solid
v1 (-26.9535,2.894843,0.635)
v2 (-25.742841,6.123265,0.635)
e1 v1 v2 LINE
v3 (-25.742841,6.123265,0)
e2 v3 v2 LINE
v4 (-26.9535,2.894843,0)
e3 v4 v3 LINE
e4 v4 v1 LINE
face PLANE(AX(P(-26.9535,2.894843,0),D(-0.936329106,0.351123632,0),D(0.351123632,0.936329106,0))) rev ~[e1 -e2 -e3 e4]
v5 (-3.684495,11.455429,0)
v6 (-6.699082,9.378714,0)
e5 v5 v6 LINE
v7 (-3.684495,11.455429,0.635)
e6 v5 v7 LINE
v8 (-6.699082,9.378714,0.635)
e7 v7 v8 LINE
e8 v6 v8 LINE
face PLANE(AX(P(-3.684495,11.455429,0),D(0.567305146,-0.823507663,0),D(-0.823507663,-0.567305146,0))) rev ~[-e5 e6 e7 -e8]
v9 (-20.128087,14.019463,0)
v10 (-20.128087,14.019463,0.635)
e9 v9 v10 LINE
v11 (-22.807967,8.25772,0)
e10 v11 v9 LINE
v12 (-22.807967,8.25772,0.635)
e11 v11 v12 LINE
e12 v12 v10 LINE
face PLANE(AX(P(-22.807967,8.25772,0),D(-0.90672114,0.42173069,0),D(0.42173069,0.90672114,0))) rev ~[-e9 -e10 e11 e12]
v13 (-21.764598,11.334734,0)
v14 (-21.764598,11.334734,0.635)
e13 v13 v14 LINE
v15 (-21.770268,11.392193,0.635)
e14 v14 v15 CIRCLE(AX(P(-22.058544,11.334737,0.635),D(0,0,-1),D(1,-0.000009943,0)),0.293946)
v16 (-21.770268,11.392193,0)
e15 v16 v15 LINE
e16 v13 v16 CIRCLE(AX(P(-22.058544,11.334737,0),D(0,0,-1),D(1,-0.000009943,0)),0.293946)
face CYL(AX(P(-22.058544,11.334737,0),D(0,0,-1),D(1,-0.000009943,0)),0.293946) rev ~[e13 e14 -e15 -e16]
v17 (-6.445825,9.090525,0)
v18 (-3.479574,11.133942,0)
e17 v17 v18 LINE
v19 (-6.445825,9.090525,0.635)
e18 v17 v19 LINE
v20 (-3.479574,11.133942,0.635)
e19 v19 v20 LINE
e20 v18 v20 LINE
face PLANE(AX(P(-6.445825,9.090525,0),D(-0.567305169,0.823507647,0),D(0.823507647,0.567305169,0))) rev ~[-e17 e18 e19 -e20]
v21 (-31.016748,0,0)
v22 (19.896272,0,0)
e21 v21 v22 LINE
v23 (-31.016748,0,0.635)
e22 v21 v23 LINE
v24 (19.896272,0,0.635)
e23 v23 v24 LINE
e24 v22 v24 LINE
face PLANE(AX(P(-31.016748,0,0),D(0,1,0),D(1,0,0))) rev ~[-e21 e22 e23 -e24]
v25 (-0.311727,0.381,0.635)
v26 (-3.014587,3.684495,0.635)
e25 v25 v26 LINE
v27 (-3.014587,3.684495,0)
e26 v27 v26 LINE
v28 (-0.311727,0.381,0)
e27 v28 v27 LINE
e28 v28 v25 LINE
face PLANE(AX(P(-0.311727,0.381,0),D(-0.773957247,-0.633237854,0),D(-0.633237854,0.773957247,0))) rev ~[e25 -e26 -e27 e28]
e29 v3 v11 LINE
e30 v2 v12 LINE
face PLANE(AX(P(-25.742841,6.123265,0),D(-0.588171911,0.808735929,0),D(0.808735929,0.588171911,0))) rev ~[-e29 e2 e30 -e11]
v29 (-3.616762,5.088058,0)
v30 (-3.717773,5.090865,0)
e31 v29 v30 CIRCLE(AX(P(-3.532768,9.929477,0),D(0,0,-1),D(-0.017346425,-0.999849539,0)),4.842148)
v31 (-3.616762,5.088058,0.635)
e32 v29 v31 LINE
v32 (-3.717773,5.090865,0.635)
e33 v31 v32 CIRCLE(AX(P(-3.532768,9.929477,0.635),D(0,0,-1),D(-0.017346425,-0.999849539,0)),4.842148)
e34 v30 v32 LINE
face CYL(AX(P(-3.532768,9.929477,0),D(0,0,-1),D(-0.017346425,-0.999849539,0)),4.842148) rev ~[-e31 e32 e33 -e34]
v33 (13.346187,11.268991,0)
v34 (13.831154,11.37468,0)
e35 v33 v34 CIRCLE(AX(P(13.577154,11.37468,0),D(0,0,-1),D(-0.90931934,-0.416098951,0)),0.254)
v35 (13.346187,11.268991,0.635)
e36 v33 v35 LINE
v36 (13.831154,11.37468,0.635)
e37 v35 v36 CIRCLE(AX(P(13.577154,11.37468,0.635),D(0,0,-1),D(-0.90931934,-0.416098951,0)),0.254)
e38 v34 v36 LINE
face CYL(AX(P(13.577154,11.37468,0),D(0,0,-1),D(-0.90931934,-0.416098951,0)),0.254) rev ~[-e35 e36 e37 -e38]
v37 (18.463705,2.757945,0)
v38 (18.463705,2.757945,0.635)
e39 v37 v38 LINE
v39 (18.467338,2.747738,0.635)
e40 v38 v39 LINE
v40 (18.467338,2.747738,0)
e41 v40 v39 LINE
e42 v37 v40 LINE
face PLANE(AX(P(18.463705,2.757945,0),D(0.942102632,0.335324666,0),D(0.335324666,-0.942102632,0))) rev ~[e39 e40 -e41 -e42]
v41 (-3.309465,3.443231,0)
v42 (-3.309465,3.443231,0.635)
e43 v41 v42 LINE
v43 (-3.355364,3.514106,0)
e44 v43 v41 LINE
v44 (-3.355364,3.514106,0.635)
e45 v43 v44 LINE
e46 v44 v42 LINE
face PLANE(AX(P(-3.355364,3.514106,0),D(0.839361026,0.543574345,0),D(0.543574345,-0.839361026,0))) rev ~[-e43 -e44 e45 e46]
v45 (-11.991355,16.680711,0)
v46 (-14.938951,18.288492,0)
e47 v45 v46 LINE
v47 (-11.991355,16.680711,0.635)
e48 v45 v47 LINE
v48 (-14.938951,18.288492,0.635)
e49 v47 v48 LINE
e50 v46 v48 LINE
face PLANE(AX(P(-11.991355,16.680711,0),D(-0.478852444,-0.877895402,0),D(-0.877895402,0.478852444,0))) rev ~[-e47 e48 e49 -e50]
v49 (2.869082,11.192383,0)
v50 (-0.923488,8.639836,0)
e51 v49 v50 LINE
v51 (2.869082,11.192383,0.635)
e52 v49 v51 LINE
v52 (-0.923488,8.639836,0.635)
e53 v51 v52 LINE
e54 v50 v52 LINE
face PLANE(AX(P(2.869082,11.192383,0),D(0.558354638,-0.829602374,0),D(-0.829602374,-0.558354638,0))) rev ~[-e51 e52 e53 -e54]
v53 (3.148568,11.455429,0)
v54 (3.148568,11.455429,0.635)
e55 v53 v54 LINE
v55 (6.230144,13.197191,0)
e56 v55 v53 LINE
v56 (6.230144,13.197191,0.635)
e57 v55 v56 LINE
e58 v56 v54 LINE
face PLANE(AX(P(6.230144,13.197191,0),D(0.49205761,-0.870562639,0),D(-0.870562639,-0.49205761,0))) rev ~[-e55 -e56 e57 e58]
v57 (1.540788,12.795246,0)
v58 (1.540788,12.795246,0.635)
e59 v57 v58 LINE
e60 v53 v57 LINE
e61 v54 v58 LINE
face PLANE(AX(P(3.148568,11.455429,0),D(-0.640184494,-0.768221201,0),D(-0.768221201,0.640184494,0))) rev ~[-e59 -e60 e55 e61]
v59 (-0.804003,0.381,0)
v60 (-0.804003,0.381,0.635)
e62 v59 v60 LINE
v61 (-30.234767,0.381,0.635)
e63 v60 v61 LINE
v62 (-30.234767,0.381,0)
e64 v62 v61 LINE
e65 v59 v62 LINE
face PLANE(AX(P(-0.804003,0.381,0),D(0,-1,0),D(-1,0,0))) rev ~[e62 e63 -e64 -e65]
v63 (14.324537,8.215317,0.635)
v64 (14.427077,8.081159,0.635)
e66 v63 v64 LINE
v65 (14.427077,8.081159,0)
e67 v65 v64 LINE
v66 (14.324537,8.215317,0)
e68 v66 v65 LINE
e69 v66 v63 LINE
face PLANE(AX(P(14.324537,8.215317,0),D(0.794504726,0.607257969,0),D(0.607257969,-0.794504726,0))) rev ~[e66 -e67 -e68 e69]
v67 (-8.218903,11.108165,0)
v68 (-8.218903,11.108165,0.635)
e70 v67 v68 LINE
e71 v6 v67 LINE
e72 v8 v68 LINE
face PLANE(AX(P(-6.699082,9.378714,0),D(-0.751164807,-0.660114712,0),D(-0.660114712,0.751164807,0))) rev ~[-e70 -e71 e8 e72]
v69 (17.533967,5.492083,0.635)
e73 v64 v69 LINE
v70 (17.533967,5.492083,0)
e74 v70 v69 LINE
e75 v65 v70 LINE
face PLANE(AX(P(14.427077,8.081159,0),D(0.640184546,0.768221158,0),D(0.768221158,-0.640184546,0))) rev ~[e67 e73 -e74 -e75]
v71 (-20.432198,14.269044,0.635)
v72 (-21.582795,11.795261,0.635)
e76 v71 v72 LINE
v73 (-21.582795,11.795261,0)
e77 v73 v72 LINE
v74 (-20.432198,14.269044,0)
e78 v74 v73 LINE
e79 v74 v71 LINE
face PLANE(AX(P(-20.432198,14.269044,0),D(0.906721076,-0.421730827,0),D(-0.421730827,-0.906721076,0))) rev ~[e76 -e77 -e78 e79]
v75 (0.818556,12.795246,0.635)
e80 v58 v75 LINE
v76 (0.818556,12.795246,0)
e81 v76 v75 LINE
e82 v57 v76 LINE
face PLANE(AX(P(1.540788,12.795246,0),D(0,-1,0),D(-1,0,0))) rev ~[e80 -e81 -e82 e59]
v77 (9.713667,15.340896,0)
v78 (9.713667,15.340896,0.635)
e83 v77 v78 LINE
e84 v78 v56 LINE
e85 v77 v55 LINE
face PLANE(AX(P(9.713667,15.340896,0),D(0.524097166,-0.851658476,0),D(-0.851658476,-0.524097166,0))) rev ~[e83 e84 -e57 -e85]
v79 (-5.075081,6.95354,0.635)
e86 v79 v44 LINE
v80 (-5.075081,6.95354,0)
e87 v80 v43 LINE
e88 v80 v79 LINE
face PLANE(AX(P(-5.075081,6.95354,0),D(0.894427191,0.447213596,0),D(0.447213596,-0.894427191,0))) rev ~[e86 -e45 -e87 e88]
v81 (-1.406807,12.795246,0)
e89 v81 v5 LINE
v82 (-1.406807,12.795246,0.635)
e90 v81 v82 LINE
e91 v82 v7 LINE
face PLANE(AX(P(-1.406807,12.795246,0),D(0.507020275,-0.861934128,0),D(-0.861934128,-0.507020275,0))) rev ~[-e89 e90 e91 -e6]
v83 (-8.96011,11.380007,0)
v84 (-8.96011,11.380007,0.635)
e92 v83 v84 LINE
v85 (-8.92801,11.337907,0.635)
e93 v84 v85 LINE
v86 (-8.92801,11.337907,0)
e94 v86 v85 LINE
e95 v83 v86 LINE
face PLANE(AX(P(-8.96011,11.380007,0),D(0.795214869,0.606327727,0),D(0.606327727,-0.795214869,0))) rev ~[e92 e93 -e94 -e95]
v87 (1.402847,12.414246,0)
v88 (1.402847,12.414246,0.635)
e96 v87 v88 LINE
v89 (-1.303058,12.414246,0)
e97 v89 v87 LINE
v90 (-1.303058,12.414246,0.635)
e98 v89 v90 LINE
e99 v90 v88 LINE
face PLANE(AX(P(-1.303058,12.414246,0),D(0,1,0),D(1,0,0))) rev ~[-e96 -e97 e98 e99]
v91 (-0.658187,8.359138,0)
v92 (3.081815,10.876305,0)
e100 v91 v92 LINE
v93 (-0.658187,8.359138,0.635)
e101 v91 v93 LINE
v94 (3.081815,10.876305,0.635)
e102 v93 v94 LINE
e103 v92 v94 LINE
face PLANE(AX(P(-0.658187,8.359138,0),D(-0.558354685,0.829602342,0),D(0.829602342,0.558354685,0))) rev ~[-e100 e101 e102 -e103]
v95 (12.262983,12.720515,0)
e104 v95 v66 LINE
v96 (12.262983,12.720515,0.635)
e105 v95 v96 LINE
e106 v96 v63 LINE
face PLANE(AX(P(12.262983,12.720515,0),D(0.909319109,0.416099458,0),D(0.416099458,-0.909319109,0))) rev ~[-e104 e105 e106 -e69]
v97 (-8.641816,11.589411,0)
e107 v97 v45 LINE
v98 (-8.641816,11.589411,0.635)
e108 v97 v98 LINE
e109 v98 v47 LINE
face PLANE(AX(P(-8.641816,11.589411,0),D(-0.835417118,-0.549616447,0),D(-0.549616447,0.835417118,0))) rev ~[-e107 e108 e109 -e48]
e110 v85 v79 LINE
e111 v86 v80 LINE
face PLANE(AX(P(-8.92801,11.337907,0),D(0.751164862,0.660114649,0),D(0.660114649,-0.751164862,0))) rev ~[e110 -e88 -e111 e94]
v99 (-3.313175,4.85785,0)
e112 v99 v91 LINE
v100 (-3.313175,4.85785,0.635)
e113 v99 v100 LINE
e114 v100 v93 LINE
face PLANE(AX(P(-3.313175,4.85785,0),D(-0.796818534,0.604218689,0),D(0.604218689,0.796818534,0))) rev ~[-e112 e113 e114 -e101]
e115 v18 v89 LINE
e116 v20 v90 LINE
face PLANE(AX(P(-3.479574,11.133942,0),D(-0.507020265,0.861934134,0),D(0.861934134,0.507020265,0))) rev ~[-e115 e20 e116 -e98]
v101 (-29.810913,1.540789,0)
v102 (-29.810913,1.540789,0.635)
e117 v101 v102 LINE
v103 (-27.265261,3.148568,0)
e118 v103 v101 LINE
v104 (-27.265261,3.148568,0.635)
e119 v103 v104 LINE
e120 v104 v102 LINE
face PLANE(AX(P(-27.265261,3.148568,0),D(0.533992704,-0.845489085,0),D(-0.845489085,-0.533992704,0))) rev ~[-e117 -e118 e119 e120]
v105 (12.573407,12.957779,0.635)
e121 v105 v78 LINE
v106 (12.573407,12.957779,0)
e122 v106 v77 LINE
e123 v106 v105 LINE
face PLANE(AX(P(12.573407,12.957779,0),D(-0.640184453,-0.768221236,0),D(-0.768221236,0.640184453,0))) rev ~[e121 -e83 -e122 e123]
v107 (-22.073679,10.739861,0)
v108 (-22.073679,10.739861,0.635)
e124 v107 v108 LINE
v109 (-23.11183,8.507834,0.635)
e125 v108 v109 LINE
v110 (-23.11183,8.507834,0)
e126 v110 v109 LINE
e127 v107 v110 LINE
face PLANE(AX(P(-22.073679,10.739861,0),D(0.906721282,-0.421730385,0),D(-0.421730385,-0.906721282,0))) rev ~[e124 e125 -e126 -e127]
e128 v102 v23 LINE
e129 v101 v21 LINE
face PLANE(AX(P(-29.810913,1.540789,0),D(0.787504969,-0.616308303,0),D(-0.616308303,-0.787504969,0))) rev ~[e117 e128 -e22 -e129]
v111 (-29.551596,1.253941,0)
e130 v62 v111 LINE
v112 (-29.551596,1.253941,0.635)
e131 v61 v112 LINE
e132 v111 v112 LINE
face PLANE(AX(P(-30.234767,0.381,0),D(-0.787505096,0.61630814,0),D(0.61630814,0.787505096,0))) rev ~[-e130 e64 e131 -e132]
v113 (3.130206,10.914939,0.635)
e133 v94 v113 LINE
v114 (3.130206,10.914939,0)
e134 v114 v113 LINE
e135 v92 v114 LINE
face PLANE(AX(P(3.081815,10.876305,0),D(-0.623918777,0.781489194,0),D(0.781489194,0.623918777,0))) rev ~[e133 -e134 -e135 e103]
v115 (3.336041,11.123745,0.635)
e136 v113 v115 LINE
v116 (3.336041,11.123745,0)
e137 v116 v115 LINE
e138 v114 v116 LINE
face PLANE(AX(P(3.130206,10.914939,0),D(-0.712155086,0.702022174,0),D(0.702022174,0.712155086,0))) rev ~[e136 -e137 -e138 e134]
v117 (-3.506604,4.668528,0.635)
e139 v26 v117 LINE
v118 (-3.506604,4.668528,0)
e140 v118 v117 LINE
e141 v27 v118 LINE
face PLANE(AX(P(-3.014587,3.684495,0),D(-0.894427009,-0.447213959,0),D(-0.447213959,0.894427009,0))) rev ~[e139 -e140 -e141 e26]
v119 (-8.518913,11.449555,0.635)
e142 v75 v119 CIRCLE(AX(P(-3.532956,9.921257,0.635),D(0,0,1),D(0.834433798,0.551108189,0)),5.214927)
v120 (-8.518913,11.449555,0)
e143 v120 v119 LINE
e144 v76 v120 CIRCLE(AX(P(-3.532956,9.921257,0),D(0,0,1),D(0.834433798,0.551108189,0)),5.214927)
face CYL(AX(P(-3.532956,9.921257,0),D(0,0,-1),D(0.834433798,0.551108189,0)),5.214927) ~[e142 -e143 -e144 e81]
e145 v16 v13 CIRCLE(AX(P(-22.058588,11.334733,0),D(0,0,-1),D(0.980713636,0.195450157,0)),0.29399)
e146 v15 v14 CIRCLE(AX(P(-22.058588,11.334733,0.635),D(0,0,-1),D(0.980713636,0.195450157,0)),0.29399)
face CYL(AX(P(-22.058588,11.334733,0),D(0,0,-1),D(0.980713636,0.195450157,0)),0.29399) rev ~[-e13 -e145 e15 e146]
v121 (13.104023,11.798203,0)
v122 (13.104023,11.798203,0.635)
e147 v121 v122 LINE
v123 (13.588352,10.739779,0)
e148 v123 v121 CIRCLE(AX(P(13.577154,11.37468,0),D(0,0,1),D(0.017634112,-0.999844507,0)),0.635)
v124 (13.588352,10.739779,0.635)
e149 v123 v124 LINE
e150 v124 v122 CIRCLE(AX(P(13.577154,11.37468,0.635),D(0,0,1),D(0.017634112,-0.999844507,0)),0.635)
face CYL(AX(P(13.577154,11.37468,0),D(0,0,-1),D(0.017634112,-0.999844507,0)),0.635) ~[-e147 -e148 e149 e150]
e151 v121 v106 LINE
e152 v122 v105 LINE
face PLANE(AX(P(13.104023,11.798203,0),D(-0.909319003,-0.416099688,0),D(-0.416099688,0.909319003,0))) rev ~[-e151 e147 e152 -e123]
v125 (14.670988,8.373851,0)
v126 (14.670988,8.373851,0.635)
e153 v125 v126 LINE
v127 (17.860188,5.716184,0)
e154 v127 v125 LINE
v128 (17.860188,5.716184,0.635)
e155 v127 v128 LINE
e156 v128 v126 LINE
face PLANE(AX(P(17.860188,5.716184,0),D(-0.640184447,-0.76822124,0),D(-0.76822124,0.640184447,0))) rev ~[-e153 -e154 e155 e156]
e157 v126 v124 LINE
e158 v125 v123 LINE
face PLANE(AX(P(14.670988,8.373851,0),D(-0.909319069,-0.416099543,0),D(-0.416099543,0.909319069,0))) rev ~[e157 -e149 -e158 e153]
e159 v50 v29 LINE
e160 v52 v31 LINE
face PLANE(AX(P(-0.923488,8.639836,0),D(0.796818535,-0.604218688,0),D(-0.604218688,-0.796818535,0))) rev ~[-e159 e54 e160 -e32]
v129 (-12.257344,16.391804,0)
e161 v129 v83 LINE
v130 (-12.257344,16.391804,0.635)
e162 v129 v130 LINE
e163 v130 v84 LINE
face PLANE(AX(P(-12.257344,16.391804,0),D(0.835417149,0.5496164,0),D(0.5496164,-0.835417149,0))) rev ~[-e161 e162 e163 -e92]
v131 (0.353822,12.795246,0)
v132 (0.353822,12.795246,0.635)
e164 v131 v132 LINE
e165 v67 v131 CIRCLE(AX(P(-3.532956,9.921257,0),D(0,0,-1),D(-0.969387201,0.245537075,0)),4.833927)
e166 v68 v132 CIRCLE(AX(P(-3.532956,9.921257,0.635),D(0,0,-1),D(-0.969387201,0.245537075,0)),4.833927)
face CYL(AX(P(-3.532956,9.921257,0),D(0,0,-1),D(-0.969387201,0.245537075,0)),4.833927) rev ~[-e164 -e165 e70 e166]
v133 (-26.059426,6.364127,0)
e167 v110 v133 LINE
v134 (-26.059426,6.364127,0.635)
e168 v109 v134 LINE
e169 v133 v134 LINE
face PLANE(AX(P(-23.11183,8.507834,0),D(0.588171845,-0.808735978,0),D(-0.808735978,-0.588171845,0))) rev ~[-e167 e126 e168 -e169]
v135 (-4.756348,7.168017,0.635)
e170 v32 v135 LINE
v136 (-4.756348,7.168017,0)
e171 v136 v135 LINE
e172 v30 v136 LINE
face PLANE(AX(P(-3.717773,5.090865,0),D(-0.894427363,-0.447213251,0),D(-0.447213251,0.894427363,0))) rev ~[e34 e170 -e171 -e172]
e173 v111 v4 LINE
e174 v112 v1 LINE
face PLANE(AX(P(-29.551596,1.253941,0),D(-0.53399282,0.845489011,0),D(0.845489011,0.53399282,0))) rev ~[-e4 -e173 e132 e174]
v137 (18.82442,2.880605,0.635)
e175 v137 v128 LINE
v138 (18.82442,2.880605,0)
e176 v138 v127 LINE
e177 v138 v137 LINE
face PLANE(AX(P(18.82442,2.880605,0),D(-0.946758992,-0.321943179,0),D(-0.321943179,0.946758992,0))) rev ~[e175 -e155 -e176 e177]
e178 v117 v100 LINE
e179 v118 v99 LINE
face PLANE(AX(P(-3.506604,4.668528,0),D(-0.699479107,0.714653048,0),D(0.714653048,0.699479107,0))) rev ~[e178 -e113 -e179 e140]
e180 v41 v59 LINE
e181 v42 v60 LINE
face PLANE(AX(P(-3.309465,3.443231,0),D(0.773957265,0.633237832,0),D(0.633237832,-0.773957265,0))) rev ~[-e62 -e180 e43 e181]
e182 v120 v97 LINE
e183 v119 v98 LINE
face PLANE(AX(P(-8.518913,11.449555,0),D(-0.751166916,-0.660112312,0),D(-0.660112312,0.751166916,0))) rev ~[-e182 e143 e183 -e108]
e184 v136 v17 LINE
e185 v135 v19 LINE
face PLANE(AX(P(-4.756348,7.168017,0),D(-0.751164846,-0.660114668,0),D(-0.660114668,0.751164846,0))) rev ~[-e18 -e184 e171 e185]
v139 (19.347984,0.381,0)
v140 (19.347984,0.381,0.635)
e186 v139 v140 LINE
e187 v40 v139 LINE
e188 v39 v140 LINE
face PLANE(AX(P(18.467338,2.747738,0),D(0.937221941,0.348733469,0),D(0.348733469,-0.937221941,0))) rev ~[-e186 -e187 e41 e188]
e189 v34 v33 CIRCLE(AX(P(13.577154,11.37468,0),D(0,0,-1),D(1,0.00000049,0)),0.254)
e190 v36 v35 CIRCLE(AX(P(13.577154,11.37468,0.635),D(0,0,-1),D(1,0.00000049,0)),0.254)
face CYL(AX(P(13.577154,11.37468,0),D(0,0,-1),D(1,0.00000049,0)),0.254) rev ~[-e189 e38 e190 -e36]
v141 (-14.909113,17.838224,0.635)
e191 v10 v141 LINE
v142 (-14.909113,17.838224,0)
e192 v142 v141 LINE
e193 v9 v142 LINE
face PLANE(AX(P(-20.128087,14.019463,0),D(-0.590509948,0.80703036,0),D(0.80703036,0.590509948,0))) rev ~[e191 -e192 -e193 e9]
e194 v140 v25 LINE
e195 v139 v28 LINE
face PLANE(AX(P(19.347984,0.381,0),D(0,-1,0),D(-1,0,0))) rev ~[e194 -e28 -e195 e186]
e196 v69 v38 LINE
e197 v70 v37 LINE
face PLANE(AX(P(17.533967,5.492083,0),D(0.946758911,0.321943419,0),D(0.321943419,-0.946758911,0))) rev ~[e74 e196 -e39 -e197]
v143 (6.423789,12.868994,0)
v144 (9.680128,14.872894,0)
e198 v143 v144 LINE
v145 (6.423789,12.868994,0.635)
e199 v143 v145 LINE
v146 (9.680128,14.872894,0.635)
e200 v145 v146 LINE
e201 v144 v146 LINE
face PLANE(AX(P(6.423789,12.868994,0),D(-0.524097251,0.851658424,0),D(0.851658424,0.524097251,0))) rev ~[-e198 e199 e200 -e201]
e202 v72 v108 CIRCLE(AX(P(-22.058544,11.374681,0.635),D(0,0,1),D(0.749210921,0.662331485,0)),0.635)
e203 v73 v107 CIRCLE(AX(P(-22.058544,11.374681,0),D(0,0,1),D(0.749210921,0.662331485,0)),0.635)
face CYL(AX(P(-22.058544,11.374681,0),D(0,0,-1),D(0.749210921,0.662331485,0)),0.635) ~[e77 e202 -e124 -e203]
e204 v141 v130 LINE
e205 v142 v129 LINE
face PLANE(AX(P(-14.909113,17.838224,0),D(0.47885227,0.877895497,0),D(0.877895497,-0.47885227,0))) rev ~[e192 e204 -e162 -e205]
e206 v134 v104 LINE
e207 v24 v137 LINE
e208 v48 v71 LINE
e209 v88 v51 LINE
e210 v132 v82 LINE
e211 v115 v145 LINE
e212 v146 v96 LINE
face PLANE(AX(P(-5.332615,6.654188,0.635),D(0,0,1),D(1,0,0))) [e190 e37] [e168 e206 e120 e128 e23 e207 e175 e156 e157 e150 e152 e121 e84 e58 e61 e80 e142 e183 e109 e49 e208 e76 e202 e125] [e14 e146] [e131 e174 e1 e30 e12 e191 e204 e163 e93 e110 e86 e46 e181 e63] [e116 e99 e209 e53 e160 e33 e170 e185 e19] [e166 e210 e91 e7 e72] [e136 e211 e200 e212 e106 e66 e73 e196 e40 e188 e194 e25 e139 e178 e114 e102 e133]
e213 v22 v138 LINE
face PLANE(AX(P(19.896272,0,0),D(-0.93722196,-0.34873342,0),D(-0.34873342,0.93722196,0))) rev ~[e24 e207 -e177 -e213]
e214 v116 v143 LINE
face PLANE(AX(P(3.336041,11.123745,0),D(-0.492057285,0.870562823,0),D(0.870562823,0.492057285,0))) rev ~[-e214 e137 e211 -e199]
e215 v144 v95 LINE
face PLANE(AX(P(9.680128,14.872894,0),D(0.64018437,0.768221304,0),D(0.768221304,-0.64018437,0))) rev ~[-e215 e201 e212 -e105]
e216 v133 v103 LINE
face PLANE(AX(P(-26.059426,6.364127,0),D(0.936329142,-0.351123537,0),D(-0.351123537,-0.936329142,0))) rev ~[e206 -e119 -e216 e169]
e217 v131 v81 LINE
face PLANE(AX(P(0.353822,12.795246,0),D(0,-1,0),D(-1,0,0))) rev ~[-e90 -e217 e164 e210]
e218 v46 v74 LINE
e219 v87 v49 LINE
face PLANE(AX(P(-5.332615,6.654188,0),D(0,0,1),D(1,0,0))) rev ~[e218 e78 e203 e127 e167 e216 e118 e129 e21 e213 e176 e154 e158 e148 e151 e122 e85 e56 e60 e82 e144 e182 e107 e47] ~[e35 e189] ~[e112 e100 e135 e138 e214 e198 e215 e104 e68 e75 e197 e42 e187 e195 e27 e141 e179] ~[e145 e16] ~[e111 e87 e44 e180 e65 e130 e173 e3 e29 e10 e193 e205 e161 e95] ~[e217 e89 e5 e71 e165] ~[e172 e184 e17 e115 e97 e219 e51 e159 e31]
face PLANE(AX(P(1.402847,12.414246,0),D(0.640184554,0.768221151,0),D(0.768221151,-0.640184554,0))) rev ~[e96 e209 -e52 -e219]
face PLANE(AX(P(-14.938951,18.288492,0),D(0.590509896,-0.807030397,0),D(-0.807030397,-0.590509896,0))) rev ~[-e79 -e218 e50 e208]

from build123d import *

# Parameters (mm, degrees)
F1_DEPTH = 0.635


with BuildPart() as f1:
    # F0 (on Top) → F1 (new body)
    with BuildSketch(Plane.XY):
        with BuildLine():
            Line((-29.810913, 1.540789), (-31.016748, 0))
            Line((-31.016748, 0), (19.896272, 0))
            Line((19.896272, 0), (18.82442, 2.880605))
            Line((18.82442, 2.880605), (17.860188, 5.716184))
            Line((17.860188, 5.716184), (14.670988, 8.373851))
            Line((14.670988, 8.373851), (13.588352, 10.739779))
            ThreePointArc((13.588352, 10.739779), (14.154572, 11.638903), (13.104023, 11.798203))
            Line((13.104023, 11.798203), (12.573407, 12.957779))
            Line((12.573407, 12.957779), (9.713667, 15.340896))
            Line((9.713667, 15.340896), (6.230144, 13.197191))
            Line((6.230144, 13.197191), (3.148568, 11.455429))
            Line((3.148568, 11.455429), (1.540788, 12.795246))
            Line((1.540788, 12.795246), (0.818556, 12.795246))
            ThreePointArc((0.818556, 12.795246), (-4.276831, 15.082857), (-8.518913, 11.449555))
            Line((-8.518913, 11.449555), (-8.641816, 11.589411))
            Line((-8.641816, 11.589411), (-11.991355, 16.680711))
            Line((-11.991355, 16.680711), (-14.938951, 18.288492))
            Line((-14.938951, 18.288492), (-20.432198, 14.269044))
            Line((-20.432198, 14.269044), (-21.582795, 11.795261))
            ThreePointArc((-21.582795, 11.795261), (-22.634312, 11.642479), (-22.073679, 10.739861))
            Line((-22.073679, 10.739861), (-23.11183, 8.507834))
            Line((-23.11183, 8.507834), (-26.059426, 6.364127))
            Line((-26.059426, 6.364127), (-27.265261, 3.148568))
            Line((-27.265261, 3.148568), (-29.810913, 1.540789))
        make_face()
        Polygon((-25.742841, 6.123265), (-22.807967, 8.25772), (-20.128087, 14.019463), (-14.909113, 17.838224), (-12.257344, 16.391804), (-8.96011, 11.380007), (-8.92801, 11.337907), (-5.075081, 6.95354), (-3.355364, 3.514106), (-3.309465, 3.443231), (-0.804003, 0.381), (-30.234767, 0.381), (-29.551596, 1.253941), (-26.9535, 2.894843), align=None, mode=Mode.SUBTRACT)
        with BuildLine():
            Line((-3.717773, 5.090865), (-4.756348, 7.168017))
            Line((-4.756348, 7.168017), (-6.445825, 9.090525))
            Line((-6.445825, 9.090525), (-3.479574, 11.133942))
            Line((-3.479574, 11.133942), (-1.303058, 12.414246))
            Line((-1.303058, 12.414246), (1.402847, 12.414246))
            Line((1.402847, 12.414246), (2.869082, 11.192383))
            Line((2.869082, 11.192383), (-0.923488, 8.639836))
            Line((-0.923488, 8.639836), (-3.616762, 5.088058))
            ThreePointArc((-3.616762, 5.088058), (-3.667275, 5.089198), (-3.717773, 5.090865))
        make_face(mode=Mode.SUBTRACT)
        Polygon((-0.311727, 0.381), (-3.014587, 3.684495), (-3.506604, 4.668528), (-3.313175, 4.85785), (-0.658187, 8.359138), (3.081815, 10.876305), (3.130206, 10.914939), (3.336041, 11.123745), (6.423789, 12.868994), (9.680128, 14.872894), (12.262983, 12.720515), (14.324537, 8.215317), (14.427077, 8.081159), (17.533967, 5.492083), (18.463705, 2.757945), (18.467338, 2.747738), (19.347984, 0.381), align=None, mode=Mode.SUBTRACT)
        with BuildLine():
            ThreePointArc((-21.770268, 11.392193), (-21.766019, 11.363603), (-21.764598, 11.334734))
            ThreePointArc((-21.764598, 11.334734), (-22.351069, 11.305865), (-21.770268, 11.392193))
        make_face(mode=Mode.SUBTRACT)
        with BuildLine():
            Line((-3.684495, 11.455429), (-6.699082, 9.378714))
            Line((-6.699082, 9.378714), (-8.218903, 11.108165))
            ThreePointArc((-8.218903, 11.108165), (-4.466352, 14.664212), (0.353822, 12.795246))
            Line((0.353822, 12.795246), (-1.406807, 12.795246))
            Line((-1.406807, 12.795246), (-3.684495, 11.455429))
        make_face(mode=Mode.SUBTRACT)
        with BuildLine():
            ThreePointArc((13.831154, 11.37468), (13.631239, 11.126505), (13.346187, 11.268991))
            ThreePointArc((13.346187, 11.268991), (13.523069, 11.622855), (13.831154, 11.37468))
        make_face(mode=Mode.SUBTRACT)
    extrude(amount=F1_DEPTH)


solid = f1.part
